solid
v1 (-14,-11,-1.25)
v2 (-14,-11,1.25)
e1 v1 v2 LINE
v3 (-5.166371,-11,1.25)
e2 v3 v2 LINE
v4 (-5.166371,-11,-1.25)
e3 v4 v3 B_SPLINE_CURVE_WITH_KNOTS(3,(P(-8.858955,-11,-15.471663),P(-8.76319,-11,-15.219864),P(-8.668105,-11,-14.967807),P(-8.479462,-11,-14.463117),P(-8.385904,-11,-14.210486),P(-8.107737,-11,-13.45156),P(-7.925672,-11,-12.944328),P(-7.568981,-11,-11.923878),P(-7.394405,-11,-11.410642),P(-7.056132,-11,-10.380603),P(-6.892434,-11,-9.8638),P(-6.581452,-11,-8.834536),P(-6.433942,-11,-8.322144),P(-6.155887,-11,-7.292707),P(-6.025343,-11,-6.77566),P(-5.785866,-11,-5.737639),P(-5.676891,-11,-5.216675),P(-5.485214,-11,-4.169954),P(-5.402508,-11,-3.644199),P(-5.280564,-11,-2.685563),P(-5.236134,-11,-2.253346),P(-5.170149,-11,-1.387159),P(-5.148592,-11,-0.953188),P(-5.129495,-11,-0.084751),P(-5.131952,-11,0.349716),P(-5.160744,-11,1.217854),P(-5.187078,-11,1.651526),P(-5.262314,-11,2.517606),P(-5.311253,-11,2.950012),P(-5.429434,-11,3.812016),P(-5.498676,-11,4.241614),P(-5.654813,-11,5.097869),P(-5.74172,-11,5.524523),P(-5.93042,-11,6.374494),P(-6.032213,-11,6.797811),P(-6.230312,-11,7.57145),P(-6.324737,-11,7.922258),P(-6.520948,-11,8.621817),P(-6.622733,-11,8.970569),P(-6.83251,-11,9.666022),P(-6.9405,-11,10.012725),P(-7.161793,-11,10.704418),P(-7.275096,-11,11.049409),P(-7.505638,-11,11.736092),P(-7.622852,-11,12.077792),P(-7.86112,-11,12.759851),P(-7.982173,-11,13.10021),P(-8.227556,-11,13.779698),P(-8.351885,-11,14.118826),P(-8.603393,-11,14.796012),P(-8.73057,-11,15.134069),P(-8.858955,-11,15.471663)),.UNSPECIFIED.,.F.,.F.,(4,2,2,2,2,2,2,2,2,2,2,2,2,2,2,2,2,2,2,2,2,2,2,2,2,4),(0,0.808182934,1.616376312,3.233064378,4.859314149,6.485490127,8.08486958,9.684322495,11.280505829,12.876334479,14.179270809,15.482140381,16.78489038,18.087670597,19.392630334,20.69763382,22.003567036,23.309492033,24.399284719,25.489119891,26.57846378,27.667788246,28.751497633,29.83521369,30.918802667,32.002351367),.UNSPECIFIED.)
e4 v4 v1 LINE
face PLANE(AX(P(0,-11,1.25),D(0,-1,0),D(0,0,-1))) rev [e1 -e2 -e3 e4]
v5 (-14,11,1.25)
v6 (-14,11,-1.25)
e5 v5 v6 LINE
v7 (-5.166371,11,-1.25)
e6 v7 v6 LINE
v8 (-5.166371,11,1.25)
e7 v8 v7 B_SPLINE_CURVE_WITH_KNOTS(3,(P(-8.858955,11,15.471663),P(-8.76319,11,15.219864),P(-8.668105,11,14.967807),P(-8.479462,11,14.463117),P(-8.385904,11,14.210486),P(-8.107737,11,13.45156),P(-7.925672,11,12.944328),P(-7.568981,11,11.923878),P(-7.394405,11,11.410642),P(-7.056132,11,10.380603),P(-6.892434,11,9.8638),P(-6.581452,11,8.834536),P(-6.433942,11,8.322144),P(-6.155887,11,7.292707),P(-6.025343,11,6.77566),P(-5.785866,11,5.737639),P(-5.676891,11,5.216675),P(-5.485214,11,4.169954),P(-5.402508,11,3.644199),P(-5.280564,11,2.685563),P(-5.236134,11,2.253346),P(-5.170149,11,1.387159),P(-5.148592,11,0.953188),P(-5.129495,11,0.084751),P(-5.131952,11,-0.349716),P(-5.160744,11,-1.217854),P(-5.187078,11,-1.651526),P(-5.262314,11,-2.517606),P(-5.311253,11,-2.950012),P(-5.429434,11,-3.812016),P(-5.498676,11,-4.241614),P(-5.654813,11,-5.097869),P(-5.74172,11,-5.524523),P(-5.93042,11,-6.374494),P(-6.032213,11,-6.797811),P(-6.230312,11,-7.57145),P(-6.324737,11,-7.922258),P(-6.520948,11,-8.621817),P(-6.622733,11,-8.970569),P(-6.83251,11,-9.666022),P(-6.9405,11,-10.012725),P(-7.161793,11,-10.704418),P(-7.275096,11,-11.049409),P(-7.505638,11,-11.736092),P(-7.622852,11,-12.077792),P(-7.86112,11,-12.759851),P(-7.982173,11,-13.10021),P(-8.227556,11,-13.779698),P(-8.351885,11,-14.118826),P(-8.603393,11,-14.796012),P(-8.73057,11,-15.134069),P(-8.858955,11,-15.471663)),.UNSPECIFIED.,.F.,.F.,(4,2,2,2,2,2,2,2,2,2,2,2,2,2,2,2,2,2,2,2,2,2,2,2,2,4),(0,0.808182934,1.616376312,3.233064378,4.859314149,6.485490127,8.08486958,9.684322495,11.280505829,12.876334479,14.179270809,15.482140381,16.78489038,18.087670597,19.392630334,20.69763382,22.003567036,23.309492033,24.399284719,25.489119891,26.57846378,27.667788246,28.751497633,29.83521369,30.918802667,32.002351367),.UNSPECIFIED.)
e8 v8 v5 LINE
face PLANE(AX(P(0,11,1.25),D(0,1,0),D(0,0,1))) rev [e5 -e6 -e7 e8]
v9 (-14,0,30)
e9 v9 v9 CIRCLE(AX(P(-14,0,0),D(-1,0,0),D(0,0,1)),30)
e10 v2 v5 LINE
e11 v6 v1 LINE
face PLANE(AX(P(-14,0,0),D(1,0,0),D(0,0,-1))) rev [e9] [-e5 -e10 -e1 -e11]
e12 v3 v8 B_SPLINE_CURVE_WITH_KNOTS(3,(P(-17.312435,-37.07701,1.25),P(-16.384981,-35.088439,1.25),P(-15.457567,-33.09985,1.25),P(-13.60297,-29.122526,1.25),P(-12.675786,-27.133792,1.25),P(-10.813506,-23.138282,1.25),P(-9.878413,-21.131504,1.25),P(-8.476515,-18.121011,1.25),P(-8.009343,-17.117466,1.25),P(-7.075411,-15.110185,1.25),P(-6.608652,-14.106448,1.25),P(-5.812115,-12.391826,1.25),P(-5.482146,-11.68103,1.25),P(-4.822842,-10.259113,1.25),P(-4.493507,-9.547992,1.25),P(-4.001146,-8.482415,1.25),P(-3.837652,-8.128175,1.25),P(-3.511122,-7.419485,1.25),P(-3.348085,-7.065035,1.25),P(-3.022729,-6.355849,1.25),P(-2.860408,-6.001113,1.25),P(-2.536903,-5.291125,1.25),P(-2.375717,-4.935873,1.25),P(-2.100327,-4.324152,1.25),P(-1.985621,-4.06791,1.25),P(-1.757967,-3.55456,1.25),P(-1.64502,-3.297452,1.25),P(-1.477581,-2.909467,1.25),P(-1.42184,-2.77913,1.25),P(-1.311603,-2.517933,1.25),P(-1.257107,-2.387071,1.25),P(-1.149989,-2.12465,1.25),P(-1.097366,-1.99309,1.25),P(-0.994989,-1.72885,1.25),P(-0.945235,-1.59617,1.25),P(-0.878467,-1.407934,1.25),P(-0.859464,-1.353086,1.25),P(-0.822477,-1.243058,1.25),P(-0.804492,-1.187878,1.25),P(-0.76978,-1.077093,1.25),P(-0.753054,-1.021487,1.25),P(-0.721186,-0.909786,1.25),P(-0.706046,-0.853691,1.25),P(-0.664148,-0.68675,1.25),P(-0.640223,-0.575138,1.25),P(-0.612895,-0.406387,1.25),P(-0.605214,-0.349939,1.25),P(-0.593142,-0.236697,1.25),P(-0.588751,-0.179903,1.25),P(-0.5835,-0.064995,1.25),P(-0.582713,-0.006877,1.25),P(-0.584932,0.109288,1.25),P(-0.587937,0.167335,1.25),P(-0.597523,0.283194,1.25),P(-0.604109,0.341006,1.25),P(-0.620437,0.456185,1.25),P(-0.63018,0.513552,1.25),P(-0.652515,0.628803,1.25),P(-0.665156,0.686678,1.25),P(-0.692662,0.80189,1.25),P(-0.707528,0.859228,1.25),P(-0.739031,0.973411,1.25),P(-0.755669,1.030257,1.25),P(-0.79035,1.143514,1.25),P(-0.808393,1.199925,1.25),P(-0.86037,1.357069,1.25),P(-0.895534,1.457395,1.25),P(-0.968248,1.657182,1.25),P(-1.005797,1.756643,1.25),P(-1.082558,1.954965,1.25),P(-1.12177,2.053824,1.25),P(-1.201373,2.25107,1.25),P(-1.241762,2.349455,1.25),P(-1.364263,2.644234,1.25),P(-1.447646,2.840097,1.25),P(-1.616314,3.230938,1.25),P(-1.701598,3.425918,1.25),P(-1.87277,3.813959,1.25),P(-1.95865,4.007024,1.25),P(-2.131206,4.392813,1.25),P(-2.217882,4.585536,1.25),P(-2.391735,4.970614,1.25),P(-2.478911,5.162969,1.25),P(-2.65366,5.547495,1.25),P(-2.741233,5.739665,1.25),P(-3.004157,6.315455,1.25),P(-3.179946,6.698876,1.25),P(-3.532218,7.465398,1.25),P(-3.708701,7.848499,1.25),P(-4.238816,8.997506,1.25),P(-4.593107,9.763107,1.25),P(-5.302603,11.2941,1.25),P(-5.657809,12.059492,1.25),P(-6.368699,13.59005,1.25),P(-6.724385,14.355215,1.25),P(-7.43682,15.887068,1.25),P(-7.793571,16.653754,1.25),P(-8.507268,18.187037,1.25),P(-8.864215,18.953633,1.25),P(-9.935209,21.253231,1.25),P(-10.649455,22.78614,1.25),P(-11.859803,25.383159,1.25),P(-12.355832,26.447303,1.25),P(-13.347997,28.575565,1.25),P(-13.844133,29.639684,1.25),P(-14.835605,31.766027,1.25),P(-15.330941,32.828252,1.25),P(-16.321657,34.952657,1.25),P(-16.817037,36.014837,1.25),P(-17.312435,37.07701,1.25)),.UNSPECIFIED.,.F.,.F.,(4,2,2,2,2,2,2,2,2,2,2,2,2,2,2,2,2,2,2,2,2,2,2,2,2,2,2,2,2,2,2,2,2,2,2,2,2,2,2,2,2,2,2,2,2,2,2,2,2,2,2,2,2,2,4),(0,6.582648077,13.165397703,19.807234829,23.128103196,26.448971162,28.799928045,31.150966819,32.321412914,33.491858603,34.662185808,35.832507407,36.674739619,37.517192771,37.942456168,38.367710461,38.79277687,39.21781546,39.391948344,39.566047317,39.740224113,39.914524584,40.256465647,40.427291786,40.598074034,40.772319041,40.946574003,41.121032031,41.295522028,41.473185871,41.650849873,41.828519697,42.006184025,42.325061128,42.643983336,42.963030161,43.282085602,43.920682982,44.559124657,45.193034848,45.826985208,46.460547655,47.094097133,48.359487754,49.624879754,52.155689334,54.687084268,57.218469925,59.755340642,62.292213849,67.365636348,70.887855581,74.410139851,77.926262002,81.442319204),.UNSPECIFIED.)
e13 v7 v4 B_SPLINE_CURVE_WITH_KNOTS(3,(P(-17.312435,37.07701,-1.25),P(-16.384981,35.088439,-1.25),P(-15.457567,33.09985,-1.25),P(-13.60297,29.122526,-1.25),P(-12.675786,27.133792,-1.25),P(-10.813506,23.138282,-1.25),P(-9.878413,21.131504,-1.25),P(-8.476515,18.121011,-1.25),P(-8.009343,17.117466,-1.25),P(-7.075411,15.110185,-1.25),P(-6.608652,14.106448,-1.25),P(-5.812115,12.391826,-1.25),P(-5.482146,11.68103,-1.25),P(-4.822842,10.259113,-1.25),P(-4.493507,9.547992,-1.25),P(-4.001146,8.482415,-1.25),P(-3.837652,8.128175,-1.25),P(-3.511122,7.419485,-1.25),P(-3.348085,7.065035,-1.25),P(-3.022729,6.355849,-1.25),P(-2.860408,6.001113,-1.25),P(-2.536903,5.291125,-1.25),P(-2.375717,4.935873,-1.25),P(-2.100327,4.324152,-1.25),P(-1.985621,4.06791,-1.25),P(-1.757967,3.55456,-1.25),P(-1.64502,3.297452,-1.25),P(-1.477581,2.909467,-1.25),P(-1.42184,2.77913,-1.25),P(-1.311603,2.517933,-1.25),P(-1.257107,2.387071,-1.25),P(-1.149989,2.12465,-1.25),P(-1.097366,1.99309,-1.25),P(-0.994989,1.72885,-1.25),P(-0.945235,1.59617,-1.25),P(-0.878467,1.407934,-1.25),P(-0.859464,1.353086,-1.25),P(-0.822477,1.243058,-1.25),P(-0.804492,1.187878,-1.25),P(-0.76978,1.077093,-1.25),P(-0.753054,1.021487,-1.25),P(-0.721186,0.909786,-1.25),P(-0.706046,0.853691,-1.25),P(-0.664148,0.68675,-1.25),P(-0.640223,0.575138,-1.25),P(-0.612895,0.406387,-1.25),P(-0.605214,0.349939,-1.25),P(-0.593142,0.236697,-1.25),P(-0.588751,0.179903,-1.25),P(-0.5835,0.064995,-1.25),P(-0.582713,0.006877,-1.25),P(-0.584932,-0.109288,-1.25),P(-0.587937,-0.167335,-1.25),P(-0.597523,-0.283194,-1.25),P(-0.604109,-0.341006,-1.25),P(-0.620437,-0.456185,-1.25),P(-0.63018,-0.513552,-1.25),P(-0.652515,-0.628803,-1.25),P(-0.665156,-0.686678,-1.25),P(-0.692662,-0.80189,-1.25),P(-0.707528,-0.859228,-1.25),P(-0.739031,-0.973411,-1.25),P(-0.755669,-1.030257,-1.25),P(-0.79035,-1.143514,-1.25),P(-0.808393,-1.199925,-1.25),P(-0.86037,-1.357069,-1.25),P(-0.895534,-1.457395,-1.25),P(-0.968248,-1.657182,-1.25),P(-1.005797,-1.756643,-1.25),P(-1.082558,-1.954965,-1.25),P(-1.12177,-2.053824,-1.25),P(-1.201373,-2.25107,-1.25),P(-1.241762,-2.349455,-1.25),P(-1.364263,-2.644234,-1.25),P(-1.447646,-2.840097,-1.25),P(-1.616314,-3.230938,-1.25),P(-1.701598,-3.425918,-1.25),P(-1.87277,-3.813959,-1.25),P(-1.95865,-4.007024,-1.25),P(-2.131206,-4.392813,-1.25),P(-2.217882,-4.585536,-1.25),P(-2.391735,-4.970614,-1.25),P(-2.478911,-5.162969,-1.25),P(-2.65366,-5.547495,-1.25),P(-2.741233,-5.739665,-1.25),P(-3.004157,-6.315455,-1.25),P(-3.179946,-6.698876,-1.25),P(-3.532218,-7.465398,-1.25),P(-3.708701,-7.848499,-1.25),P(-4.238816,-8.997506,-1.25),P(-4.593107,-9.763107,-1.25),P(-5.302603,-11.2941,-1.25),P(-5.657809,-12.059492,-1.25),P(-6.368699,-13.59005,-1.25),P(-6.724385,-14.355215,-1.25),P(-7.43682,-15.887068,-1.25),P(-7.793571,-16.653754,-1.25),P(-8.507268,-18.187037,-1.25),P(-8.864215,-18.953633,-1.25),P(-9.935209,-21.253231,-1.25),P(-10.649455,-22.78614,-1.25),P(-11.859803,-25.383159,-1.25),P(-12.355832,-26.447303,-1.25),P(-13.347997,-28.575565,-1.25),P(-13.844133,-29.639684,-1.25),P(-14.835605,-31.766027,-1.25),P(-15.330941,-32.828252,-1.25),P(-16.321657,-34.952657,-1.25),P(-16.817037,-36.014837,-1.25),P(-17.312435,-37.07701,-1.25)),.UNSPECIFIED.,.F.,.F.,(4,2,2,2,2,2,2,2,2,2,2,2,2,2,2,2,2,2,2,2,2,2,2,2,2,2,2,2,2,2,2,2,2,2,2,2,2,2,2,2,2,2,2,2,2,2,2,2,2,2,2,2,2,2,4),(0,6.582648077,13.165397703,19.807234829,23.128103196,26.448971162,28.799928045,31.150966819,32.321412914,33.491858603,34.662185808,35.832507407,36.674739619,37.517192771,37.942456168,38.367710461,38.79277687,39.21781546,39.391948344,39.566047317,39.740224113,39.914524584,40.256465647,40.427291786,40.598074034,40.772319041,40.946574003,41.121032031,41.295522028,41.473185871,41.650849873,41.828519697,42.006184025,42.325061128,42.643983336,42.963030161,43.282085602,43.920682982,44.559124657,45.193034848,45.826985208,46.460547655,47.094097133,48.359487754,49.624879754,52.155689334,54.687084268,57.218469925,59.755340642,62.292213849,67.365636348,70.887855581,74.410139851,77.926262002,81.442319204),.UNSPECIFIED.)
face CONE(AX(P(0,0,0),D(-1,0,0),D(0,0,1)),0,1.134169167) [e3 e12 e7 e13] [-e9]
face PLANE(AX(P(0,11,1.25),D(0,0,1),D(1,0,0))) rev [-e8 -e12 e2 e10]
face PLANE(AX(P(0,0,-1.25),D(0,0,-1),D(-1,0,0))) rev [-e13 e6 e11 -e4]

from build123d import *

# Parameters (mm, degrees)
CUT_EXTRUDE_1_DEPTH = 45.676615807


with BuildPart() as part:
    # 草图1 → 旋转1 (revolve)
    with BuildSketch(Plane.XY, mode=Mode.PRIVATE) as revolve_1_sk:
        Polygon((0, 0), (-14, 0), (-14, 30), align=None)
    revolve(revolve_1_sk.sketch.rotate(Axis((-948.087087001, 0, 0), (1, 0, 0)), 90), axis=Axis((-948.087087001, 0, 0), (1, 0, 0)))

    # 草图2 → 切除-拉伸1 (cut, through all)
    with BuildSketch(Plane.ZY.offset(14)):
        Polygon((1.25, 11), (-1.25, 11), (-1.25, 0), (-1.25, -11), (1.25, -11), align=None)
    extrude(amount=-CUT_EXTRUDE_1_DEPTH, mode=Mode.SUBTRACT)


solid = part.part
